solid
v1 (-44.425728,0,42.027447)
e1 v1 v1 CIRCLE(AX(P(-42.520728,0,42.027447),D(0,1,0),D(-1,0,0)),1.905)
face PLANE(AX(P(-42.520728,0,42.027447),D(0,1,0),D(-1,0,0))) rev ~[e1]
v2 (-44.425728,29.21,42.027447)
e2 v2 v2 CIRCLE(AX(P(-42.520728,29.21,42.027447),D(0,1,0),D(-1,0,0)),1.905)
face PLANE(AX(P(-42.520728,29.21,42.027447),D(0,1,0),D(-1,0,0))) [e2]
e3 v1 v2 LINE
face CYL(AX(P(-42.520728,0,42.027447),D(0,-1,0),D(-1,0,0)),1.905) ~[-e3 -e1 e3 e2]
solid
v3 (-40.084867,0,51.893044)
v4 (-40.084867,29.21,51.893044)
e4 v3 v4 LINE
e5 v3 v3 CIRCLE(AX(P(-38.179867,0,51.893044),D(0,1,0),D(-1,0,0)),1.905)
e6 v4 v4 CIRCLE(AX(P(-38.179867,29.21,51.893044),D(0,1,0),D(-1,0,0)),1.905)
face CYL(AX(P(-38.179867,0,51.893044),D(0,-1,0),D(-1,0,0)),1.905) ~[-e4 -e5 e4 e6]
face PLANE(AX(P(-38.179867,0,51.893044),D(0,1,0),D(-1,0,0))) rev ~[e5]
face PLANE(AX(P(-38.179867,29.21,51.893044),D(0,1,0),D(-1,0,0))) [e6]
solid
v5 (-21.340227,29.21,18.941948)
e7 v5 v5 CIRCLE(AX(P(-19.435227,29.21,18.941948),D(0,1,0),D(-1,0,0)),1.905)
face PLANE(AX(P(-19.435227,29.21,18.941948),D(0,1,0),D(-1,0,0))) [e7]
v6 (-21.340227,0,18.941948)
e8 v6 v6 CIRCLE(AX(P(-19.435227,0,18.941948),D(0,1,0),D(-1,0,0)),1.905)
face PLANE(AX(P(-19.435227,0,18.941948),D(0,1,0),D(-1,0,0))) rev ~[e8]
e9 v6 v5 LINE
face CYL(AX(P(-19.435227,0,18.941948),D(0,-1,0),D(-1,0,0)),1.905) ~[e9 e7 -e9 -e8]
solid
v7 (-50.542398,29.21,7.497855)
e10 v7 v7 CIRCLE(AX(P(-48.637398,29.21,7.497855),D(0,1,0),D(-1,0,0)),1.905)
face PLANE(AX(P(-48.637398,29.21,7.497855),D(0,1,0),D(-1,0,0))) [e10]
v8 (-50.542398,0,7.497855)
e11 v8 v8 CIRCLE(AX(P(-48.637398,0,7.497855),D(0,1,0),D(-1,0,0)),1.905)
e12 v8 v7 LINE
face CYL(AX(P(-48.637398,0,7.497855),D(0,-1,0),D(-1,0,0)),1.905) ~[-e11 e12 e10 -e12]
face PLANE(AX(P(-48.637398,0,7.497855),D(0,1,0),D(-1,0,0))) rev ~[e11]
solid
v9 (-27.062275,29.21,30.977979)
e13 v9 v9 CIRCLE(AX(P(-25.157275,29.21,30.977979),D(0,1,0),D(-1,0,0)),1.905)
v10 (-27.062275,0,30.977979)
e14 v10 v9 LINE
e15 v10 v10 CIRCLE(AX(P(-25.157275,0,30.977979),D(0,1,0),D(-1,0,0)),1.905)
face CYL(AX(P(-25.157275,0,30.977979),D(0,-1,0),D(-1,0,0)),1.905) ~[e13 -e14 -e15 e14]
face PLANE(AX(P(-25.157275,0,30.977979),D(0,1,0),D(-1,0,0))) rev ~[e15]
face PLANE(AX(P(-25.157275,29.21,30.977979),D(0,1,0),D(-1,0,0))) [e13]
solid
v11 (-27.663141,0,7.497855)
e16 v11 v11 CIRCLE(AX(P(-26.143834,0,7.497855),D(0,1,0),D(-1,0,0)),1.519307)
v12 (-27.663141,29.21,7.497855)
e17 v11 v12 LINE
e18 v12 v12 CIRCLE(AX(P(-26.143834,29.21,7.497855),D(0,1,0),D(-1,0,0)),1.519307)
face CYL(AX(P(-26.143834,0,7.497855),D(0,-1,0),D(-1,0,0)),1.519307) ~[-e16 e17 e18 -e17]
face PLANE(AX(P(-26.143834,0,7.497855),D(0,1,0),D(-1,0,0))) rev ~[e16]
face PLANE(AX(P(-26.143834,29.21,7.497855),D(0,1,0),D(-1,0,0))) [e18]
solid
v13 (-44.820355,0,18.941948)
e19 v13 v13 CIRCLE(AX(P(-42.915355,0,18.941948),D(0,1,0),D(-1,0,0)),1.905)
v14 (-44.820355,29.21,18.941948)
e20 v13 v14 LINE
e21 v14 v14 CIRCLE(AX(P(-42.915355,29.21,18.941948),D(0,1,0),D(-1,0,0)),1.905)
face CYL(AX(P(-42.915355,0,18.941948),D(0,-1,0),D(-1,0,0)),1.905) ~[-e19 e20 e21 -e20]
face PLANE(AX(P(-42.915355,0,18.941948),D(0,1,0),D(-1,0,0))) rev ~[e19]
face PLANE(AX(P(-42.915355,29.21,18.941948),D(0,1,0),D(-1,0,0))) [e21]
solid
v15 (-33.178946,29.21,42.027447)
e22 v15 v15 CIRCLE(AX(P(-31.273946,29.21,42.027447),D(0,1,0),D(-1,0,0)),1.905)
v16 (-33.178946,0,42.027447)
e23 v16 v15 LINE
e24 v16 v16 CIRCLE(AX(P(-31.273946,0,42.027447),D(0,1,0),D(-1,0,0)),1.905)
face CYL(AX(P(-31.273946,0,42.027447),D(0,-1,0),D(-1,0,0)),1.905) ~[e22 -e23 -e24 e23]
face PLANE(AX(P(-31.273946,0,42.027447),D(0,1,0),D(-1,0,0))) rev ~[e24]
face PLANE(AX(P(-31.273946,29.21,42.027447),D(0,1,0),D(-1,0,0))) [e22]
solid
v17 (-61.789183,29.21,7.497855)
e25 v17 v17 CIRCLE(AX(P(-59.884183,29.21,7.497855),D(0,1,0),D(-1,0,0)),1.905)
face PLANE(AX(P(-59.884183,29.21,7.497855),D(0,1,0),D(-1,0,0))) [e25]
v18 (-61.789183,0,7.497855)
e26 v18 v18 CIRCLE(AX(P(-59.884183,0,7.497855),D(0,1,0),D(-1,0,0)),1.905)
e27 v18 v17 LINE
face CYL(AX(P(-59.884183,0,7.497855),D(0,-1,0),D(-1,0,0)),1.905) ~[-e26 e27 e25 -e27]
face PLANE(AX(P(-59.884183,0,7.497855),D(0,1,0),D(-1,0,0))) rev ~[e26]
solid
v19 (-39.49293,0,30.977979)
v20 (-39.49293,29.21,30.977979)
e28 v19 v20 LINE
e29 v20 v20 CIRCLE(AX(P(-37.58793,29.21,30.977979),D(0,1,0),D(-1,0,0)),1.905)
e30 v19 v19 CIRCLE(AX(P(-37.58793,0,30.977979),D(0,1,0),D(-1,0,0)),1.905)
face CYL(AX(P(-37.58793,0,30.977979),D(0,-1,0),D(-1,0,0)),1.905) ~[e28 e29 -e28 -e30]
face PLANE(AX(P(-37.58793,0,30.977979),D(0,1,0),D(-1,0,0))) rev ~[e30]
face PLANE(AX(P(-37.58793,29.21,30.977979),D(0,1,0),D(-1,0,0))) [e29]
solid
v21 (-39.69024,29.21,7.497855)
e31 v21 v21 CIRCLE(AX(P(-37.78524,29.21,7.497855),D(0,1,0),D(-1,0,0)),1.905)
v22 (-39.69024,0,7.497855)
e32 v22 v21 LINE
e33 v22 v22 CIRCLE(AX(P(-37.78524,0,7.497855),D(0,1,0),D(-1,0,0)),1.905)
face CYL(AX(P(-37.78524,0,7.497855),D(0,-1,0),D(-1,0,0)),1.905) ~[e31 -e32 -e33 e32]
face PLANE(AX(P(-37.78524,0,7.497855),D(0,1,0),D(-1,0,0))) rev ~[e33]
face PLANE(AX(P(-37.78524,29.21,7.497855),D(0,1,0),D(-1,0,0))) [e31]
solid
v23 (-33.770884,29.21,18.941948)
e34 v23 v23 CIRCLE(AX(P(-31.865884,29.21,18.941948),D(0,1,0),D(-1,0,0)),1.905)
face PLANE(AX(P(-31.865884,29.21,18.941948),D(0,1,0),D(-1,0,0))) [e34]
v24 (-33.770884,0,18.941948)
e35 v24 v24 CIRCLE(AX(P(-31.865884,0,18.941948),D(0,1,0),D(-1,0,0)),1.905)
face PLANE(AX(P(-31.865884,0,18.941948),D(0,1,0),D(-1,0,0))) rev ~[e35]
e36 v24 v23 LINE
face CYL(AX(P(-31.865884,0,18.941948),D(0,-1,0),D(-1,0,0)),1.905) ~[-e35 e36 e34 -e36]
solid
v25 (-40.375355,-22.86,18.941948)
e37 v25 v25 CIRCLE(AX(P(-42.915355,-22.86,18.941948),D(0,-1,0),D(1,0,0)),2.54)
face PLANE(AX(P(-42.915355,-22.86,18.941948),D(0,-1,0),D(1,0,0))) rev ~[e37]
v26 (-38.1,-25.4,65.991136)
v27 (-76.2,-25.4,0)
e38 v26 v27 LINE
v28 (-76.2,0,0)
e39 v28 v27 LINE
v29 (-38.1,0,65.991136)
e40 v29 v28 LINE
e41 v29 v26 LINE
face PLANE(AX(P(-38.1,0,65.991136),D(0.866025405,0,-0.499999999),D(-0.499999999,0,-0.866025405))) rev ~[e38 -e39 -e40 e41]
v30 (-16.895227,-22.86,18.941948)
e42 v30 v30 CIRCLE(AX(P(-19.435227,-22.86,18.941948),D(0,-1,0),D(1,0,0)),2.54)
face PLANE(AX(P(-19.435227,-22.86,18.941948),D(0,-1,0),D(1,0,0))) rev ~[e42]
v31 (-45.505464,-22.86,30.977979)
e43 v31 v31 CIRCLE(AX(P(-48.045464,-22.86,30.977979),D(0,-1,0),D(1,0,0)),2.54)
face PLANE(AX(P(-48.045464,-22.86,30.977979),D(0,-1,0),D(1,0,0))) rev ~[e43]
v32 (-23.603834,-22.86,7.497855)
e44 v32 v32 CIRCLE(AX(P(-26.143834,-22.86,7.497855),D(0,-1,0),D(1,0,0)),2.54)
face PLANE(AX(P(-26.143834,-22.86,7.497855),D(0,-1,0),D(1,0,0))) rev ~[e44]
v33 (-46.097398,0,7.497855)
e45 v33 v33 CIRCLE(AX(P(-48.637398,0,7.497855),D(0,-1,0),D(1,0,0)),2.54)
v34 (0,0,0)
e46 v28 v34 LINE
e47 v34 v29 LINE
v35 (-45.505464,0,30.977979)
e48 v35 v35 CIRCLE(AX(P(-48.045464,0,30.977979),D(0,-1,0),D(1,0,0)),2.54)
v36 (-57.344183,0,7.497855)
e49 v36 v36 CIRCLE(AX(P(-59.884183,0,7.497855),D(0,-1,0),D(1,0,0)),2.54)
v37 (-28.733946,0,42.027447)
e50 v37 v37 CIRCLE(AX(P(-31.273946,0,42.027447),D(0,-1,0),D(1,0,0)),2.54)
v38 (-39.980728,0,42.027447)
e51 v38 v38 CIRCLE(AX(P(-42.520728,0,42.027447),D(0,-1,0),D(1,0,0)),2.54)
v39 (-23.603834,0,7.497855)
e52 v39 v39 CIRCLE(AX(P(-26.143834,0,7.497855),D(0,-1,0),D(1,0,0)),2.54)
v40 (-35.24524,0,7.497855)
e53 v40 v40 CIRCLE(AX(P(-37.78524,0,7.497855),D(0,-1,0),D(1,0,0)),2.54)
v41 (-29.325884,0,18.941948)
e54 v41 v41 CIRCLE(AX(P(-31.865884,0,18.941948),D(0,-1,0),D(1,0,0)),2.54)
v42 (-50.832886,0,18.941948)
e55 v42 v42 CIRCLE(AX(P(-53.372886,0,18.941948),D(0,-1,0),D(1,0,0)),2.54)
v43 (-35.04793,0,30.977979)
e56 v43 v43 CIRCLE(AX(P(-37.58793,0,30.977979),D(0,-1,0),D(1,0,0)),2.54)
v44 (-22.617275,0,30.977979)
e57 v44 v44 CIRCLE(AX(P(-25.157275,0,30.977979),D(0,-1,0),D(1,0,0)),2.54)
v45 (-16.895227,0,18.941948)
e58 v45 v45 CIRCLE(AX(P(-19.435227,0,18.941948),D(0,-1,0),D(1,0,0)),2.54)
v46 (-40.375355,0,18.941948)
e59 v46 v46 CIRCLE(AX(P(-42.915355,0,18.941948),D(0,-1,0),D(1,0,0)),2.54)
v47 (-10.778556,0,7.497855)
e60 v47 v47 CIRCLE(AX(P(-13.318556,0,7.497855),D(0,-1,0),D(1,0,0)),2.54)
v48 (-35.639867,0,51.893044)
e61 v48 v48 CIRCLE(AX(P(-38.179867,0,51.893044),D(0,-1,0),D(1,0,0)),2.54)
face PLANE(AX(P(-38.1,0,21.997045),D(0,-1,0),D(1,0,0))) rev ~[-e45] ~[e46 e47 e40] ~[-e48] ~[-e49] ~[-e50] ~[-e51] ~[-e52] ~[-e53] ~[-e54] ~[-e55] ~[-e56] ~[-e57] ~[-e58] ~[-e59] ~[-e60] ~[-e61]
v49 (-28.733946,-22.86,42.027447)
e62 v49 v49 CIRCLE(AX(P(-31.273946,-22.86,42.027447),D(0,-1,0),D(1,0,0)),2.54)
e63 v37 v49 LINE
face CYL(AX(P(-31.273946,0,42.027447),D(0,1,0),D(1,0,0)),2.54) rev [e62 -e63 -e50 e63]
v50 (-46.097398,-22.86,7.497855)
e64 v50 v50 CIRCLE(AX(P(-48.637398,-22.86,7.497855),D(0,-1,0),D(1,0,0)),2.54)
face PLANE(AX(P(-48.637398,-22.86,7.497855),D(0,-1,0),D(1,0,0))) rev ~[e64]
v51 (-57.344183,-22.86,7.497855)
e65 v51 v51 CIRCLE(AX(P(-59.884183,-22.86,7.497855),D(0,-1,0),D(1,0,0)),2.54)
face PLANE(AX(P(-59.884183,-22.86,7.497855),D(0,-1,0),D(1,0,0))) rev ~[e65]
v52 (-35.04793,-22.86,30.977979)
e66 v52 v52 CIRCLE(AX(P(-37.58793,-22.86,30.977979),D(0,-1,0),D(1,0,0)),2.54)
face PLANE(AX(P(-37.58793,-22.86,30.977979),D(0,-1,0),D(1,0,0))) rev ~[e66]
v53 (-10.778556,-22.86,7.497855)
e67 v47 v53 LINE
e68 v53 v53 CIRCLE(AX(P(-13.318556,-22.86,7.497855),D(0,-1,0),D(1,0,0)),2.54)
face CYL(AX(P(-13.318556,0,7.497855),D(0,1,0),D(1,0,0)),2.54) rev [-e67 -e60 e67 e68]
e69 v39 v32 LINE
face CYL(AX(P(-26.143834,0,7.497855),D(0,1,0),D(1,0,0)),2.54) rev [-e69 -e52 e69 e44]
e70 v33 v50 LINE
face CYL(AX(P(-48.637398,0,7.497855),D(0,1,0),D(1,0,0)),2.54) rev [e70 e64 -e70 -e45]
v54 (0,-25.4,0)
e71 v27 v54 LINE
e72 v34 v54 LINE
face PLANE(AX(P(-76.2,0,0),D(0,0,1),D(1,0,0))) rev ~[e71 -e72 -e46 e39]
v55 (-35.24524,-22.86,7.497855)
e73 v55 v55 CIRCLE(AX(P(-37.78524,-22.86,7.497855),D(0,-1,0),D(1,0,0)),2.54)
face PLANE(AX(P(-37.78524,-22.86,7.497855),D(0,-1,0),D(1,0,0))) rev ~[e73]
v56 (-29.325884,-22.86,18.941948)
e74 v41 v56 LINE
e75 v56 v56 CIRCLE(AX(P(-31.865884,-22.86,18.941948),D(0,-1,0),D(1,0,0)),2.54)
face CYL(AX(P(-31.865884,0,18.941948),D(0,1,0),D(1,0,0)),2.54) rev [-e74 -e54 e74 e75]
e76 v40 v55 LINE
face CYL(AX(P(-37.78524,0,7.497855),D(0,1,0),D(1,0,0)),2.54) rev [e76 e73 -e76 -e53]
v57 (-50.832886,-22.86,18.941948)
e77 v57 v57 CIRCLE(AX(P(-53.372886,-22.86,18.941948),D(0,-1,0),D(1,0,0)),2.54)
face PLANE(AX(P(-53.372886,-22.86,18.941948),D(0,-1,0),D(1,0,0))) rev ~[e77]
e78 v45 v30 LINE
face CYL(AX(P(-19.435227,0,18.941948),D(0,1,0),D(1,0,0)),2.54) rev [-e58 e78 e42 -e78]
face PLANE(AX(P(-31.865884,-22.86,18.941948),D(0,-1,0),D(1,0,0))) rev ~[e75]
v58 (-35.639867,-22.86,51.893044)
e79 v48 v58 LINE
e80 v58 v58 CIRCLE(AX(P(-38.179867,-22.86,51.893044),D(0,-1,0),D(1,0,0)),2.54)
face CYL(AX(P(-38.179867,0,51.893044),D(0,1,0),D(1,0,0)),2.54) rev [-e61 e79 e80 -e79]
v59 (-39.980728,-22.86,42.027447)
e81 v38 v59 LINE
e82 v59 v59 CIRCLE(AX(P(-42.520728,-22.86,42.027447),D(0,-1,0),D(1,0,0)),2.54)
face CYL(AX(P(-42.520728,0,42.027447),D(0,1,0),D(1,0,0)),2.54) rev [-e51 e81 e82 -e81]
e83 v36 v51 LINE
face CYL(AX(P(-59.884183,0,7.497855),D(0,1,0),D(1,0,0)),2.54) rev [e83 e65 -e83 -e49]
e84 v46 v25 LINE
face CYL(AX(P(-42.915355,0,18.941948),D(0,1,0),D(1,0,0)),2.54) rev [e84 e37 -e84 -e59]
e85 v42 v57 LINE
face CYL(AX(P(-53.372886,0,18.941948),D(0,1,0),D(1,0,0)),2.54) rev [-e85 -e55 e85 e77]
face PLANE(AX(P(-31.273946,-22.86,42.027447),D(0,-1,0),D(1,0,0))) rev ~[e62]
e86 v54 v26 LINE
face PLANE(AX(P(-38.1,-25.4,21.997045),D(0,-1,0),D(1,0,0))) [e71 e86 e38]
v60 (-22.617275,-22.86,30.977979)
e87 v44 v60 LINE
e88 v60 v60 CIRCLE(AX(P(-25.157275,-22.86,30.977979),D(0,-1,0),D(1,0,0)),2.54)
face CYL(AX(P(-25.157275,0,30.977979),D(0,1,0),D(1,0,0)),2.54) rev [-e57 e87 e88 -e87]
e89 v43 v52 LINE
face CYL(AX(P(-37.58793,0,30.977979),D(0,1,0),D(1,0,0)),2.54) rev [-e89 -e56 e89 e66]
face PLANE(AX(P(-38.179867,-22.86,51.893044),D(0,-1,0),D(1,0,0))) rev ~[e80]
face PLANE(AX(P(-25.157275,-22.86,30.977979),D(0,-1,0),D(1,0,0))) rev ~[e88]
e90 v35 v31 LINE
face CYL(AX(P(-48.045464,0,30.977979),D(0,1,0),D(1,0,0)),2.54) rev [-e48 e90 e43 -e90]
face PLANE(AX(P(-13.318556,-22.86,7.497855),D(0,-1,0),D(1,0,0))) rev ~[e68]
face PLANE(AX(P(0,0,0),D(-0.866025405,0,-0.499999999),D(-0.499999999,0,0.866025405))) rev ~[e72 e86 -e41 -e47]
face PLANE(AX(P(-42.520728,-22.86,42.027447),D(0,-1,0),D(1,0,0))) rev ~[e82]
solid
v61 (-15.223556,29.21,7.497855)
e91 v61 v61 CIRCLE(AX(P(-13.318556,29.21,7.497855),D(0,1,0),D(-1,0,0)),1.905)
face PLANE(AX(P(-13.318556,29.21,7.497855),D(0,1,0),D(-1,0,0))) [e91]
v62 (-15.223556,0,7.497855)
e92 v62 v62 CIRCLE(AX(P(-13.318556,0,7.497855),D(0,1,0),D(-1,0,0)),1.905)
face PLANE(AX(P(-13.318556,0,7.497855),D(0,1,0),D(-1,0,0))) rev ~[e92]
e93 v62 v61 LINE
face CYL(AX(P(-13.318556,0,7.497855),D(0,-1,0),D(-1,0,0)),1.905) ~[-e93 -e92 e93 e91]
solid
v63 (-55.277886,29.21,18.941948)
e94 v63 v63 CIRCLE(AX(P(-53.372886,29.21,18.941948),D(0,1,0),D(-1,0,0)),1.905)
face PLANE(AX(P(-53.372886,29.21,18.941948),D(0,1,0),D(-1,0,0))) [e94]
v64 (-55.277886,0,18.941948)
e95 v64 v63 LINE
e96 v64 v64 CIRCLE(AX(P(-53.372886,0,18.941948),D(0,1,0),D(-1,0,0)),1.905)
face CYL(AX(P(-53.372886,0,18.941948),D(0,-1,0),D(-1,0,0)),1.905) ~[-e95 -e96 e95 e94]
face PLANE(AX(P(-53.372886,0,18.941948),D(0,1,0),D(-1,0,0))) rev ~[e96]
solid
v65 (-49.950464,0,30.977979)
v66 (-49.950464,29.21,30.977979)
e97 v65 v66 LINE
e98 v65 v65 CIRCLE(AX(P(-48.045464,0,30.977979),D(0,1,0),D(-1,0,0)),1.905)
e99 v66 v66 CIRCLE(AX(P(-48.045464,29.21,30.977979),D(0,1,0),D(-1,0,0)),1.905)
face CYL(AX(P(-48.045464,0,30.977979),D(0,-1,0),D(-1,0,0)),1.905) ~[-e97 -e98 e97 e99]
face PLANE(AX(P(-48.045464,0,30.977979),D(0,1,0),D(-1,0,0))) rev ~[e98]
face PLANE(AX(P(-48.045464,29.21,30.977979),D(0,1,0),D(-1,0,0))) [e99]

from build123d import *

# Parameters (mm, degrees)
F1_DEPTH  = 25.4
F2_R      = 2.54
F3_DEPTH  = 22.86
F4_R      = 2.54
F5_DEPTH  = 22.86
F6_R      = 2.54
F7_DEPTH  = 22.86
F8_R      = 2.54
F9_DEPTH  = 22.86
F10_R     = 2.54
F11_DEPTH = 22.86
F12_R     = 1.905
F12_R_2   = 1.519307
F13_DEPTH = 29.21


with BuildPart() as f1:
    # F0 (on Front) → F1 (new body)
    with BuildSketch(Plane.XZ):
        Polygon((-38.1, 65.991136), (-76.2, 0), (0, 0), align=None)
    extrude(amount=F1_DEPTH)

    # F2 (on Front) → F3 (cut)
    with BuildSketch(Plane.XZ):
        with Locations((-37.78524, 7.497855)):
            Circle(F2_R)
        with Locations((-48.637398, 7.497855)):
            Circle(F2_R)
        with Locations((-26.143834, 7.497855)):
            Circle(F2_R)
        with Locations((-59.884183, 7.497855)):
            Circle(F2_R)
        with Locations((-13.318556, 7.497855)):
            Circle(F2_R)
    extrude(amount=F3_DEPTH, mode=Mode.SUBTRACT)

    # F4 (on Front) → F5 (cut)
    with BuildSketch(Plane.XZ):
        with Locations((-31.865884, 18.941948)):
            Circle(F4_R)
        with Locations((-19.435227, 18.941948)):
            Circle(F4_R)
        with Locations((-42.915355, 18.941948)):
            Circle(F4_R)
        with Locations((-53.372886, 18.941948)):
            Circle(F4_R)
    extrude(amount=F5_DEPTH, mode=Mode.SUBTRACT)

    # F6 (on Front) → F7 (cut)
    with BuildSketch(Plane.XZ):
        with Locations((-25.157275, 30.977979)):
            Circle(F6_R)
        with Locations((-37.58793, 30.977979)):
            Circle(F6_R)
        with Locations((-48.045464, 30.977979)):
            Circle(F6_R)
    extrude(amount=F7_DEPTH, mode=Mode.SUBTRACT)

    # F8 (on Front) → F9 (cut)
    with BuildSketch(Plane.XZ):
        with Locations((-31.273946, 42.027447)):
            Circle(F8_R)
        with Locations((-42.520728, 42.027447)):
            Circle(F8_R)
    extrude(amount=F9_DEPTH, mode=Mode.SUBTRACT)

    # F10 (on Front) → F11 (cut)
    with BuildSketch(Plane.XZ):
        with Locations((-38.179867, 51.893044)):
            Circle(F10_R)
    extrude(amount=F11_DEPTH, mode=Mode.SUBTRACT)


with BuildPart() as f13:
    # F12 (on face) → F13 (new body)
    with BuildSketch(Plane(origin=(0, 0, 0), x_dir=(-1, 0, 0), z_dir=(0, 1, 0))):
        with Locations((38.179867, 51.893044)):
            Circle(F12_R)
        with Locations((31.273946, 42.027447)):
            Circle(F12_R)
        with Locations((42.520728, 42.027447)):
            Circle(F12_R)
        with Locations((48.045464, 30.977979)):
            Circle(F12_R)
        with Locations((37.58793, 30.977979)):
            Circle(F12_R)
        with Locations((25.157275, 30.977979)):
            Circle(F12_R)
        with Locations((19.435227, 18.941948)):
            Circle(F12_R)
        with Locations((31.865884, 18.941948)):
            Circle(F12_R)
        with Locations((42.915355, 18.941948)):
            Circle(F12_R)
        with Locations((53.372886, 18.941948)):
            Circle(F12_R)
        with Locations((13.318556, 7.497855)):
            Circle(F12_R)
        with Locations((26.143834, 7.497855)):
            Circle(F12_R_2)
        with Locations((37.78524, 7.497855)):
            Circle(F12_R)
        with Locations((48.637398, 7.497855)):
            Circle(F12_R)
        with Locations((59.884183, 7.497855)):
            Circle(F12_R)
    extrude(amount=F13_DEPTH)


solid = Compound([f1.part, f13.part])
